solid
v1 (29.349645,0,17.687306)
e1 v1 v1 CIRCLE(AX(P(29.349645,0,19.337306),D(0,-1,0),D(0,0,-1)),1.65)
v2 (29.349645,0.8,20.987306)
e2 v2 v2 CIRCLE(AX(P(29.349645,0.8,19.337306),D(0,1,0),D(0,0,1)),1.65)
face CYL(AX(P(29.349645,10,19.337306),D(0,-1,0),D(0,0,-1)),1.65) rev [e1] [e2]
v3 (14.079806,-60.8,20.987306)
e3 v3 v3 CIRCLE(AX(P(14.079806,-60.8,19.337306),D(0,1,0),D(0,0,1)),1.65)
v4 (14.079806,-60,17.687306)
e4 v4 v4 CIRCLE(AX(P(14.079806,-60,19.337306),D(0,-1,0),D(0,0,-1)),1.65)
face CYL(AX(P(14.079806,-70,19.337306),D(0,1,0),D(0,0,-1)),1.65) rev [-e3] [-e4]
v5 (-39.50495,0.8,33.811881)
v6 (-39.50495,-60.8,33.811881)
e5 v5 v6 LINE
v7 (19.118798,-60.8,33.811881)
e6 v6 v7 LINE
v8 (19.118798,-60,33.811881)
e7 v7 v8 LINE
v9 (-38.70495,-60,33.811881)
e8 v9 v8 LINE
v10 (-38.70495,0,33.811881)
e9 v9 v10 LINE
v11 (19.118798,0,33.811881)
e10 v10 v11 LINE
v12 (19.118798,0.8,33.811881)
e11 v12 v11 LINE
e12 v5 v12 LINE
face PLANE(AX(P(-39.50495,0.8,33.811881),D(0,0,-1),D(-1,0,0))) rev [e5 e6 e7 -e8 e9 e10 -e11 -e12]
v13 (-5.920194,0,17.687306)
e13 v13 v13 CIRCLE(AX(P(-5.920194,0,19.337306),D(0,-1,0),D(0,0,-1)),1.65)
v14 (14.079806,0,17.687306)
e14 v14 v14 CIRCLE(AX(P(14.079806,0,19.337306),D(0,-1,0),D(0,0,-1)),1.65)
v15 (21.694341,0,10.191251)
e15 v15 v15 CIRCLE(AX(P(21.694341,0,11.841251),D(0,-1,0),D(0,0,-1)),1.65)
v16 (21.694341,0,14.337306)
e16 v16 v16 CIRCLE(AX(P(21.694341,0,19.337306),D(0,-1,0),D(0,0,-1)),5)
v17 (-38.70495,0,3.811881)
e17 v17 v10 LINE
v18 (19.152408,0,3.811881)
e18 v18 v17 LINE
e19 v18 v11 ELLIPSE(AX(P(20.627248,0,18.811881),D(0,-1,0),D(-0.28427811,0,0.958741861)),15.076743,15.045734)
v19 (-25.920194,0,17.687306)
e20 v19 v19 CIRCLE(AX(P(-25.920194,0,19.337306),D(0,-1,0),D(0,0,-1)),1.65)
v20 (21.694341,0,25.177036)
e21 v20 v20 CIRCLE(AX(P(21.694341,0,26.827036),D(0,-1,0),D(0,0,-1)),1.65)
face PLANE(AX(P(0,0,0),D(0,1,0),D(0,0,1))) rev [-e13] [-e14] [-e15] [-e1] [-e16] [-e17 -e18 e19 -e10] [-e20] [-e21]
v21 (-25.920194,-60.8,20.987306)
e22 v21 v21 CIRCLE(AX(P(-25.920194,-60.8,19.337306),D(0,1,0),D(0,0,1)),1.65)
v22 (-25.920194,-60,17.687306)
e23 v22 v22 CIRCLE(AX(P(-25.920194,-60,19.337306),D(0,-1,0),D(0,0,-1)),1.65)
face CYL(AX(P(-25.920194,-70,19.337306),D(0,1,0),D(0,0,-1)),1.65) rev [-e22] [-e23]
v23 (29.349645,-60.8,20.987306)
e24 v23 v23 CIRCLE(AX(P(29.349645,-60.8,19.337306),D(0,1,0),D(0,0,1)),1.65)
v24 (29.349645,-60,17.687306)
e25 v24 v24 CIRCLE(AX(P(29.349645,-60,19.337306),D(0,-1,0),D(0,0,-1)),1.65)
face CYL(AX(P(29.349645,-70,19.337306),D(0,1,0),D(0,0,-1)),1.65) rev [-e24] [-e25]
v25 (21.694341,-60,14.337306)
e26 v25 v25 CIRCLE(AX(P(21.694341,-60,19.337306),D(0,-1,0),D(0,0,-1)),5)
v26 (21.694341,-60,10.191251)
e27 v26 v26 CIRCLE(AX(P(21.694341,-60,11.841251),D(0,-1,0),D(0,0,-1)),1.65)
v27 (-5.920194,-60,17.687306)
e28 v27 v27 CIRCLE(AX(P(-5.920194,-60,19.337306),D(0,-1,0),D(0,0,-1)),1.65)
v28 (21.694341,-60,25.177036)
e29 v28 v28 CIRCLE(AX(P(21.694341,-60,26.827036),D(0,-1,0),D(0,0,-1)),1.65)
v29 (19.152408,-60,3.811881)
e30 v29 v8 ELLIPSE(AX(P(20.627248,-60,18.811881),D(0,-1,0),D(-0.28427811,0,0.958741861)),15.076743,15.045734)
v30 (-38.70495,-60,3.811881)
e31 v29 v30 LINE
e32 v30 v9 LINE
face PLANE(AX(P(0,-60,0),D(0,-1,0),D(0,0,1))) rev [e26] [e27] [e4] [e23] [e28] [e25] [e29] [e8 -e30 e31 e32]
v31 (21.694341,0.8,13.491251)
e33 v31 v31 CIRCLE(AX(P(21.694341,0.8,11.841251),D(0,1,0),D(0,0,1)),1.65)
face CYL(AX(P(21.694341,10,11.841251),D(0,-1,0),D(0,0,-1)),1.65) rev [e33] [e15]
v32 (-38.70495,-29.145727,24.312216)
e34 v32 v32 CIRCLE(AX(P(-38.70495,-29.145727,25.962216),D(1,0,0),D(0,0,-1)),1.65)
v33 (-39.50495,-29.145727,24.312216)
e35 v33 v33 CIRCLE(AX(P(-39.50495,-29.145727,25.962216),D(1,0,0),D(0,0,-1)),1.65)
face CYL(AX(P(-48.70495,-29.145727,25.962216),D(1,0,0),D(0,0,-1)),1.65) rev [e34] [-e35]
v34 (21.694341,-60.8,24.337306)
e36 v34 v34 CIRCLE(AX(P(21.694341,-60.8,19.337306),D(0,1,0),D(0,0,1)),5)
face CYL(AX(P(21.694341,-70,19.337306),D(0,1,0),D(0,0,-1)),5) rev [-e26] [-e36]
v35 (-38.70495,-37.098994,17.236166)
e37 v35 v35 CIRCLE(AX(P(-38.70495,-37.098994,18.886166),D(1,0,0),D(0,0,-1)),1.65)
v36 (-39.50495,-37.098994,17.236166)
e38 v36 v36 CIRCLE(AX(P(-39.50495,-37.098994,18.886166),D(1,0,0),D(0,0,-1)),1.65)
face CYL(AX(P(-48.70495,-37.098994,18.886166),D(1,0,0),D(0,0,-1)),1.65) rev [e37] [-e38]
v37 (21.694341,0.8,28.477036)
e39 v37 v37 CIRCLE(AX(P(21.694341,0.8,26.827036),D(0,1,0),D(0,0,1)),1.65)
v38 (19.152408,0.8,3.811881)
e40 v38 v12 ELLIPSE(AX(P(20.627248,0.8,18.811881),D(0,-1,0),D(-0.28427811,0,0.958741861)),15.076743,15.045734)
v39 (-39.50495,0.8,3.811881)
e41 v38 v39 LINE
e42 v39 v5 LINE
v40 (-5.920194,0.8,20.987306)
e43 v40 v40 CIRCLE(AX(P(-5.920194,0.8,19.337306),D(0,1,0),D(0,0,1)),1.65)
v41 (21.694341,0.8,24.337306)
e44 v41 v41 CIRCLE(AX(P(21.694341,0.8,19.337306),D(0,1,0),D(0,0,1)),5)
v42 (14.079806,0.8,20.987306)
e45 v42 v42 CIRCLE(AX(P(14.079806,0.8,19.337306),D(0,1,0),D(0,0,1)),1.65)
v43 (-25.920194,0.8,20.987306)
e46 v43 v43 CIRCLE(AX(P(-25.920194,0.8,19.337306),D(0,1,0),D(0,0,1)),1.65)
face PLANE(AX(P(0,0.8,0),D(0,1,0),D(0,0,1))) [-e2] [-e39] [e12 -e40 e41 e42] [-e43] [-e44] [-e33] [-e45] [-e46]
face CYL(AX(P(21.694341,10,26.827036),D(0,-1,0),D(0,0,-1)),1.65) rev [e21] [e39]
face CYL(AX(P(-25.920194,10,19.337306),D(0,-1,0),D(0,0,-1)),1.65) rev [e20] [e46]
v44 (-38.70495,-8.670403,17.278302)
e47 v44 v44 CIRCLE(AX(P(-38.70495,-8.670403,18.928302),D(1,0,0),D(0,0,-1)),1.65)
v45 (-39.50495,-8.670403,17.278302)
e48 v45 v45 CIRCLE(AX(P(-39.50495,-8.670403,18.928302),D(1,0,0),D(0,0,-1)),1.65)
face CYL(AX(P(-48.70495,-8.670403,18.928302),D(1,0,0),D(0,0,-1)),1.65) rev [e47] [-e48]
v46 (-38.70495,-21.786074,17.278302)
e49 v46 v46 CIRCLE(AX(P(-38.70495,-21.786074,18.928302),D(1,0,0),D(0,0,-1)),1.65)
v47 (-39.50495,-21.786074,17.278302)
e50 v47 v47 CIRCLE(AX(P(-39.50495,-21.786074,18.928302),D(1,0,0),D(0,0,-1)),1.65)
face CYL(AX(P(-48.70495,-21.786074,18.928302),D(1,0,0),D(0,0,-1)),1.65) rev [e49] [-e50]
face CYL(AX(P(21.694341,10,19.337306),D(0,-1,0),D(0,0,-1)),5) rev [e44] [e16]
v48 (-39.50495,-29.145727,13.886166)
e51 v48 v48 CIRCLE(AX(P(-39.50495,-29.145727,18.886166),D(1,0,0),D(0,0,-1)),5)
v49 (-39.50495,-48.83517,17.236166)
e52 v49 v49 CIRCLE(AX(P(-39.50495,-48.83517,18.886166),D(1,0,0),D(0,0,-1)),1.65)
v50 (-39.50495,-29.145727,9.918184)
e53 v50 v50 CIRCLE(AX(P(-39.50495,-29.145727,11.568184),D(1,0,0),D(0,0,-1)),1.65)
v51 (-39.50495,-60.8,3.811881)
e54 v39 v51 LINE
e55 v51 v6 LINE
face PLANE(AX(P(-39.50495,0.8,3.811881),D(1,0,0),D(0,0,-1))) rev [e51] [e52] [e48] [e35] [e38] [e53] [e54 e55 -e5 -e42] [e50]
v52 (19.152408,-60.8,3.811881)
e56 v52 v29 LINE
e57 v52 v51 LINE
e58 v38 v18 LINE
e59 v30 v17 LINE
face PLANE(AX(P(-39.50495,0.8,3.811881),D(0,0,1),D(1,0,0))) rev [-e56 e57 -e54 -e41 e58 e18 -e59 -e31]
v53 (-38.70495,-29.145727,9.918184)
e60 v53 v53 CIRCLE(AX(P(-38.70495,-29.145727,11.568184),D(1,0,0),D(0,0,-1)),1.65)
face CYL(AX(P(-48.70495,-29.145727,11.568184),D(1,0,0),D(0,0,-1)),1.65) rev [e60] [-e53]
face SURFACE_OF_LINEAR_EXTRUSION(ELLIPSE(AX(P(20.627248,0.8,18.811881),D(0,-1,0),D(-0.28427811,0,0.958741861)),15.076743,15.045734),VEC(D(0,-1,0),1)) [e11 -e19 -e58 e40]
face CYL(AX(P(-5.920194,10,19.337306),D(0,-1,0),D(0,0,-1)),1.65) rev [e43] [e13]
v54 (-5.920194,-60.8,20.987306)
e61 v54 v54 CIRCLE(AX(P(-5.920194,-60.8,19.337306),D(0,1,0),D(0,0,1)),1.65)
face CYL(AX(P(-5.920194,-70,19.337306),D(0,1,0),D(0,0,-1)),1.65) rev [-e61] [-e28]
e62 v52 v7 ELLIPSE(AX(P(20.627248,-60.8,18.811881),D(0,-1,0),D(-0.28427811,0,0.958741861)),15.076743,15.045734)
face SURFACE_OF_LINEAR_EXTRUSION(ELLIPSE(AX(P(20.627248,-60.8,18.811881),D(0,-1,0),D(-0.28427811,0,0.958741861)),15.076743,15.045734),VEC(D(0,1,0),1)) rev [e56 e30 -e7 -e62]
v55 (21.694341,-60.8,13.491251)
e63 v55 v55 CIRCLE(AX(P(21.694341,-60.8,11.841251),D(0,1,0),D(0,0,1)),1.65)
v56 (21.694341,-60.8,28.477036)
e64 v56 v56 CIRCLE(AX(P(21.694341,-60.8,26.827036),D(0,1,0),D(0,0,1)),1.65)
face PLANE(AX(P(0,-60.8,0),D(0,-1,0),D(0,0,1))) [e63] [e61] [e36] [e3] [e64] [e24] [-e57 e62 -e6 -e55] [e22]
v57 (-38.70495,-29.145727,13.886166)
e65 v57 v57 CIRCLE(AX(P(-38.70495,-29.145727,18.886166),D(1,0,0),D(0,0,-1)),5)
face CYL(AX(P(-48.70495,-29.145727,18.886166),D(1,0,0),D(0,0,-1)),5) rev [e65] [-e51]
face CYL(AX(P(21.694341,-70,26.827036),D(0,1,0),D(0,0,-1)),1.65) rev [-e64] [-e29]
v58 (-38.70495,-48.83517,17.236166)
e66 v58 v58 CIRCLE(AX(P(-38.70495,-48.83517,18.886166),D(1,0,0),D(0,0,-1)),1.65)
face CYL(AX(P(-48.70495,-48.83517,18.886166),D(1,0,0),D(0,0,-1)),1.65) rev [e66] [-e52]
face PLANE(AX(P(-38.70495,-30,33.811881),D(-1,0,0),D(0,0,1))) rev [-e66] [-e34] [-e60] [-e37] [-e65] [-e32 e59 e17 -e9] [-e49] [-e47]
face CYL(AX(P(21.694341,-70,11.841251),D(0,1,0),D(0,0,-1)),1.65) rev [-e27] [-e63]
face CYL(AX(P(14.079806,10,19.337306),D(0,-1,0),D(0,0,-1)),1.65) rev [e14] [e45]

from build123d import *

# Parameters (mm, degrees)
SKETCH1_W           = 60
SKETCH1_H           = 30
BOSS_EXTRUDE3_DEPTH = 0.8
SKETCH4_W           = 0.8
SKETCH4_H           = 30
BOSS_EXTRUDE5_DEPTH = 30
SKETCH5_RX          = 15.076743355
SKETCH5_RY          = 15.045734075
BOSS_EXTRUDE6_DEPTH = 0.8
SKETCH6_R           = 5
SKETCH6_R_2         = 1.65
CUT_EXTRUDE2_DEPTH  = 10
SKETCH7_R           = 5
SKETCH7_R_2         = 1.65
CUT_EXTRUDE3_DEPTH  = 10


with BuildPart() as part:
    # Sketch1 → Boss-Extrude3 (new body)
    with BuildSketch(Plane(origin=(0, 0, 0), x_dir=(1, 0, 0), z_dir=(0, 1, 0))):
        with Locations((-9.504950495, -18.811881188)):
            Rectangle(SKETCH1_W, SKETCH1_H)
    extrude(amount=BOSS_EXTRUDE3_DEPTH)

    # Sketch4 → Boss-Extrude5 (add)
    with BuildSketch(Plane(origin=(0, 0, 0), x_dir=(-1, 0, 0), z_dir=(0, -1, 0))):
        with Locations((39.104950495, -18.811881188)):
            Rectangle(SKETCH4_W, SKETCH4_H)
    extrude(amount=BOSS_EXTRUDE5_DEPTH)

    # Sketch5 → Boss-Extrude6 (add)
    with BuildSketch(Plane(origin=(0, 0, 0), x_dir=(-1, 0, 0), z_dir=(0, -1, 0))):
        with Locations(Location((-20.627248494, -18.811881188), (0, 0, -73.484297411))):
            Ellipse(SKETCH5_RX, SKETCH5_RY)
    extrude(amount=-BOSS_EXTRUDE6_DEPTH)

    # Sketch6 → Cut-Extrude2 (cut)
    with BuildSketch(Plane(origin=(0, 0, 0), x_dir=(-1, 0, 0), z_dir=(0, -1, 0))):
        with Locations(Location((-21.694340642, -19.337305604, 0), (0, 0, 90))):
            Circle(SKETCH6_R)
        with Locations(Location((-21.694340642, -26.827036376, 0), (0, 0, 90))):
            Circle(SKETCH6_R_2)
        with Locations(Location((-29.349644864, -19.337305604, 0), (0, 0, 90))):
            Circle(SKETCH6_R_2)
        with Locations(Location((-21.694340642, -11.841250602, 0), (0, 0, 90))):
            Circle(SKETCH6_R_2)
        with Locations(Location((-14.079805527, -19.337305604, 0), (0, 0, 90))):
            Circle(SKETCH6_R_2)
        with Locations(Location((5.920194473, -19.337305604, 0), (0, 0, 90))):
            Circle(SKETCH6_R_2)
        with Locations(Location((25.920194473, -19.337305604, 0), (0, 0, 90))):
            Circle(SKETCH6_R_2)
        with Locations((-30.261708207, -582.328950324)):
            Circle(SKETCH6_R)
        with Locations((-37.91701243, -582.328950324)):
            Circle(SKETCH6_R_2)
        with Locations((-30.261708207, -574.832895322)):
            Circle(SKETCH6_R_2)
        with Locations((-22.647173092, -582.328950324)):
            Circle(SKETCH6_R_2)
        with Locations((-2.647173092, -582.328950324)):
            Circle(SKETCH6_R_2)
        with Locations((17.352826908, -582.328950324)):
            Circle(SKETCH6_R_2)
    extrude(amount=-CUT_EXTRUDE2_DEPTH, mode=Mode.SUBTRACT)

    # Mirror1: part across plane


with BuildPart() as part_1:
    add(part.part)
    add(part.part.mirror(Plane(origin=(0, -30, 0), x_dir=(0, 0, 1), z_dir=(0, -1, 0))))

    # Sketch7 → Cut-Extrude3 (cut)
    with BuildSketch(Plane(origin=(-38.704950495, 0, 0), x_dir=(0, 0, -1), z_dir=(1, 0, 0))):
        with Locations((-18.886165754, -29.145727498)):
            Circle(SKETCH7_R)
        with Locations((-18.928301582, -21.786074369)):
            Circle(SKETCH7_R_2)
        with Locations((-11.568184027, -29.145727498)):
            Circle(SKETCH7_R_2)
        with Locations((-18.886165754, -37.098993576)):
            Circle(SKETCH7_R_2)
        with Locations((-25.962216175, -29.145727498)):
            Circle(SKETCH7_R_2)
        with Locations((-18.928301582, -8.670402783)):
            Circle(SKETCH7_R_2)
        with Locations((-18.886165754, -48.835170272)):
            Circle(SKETCH7_R_2)
    extrude(amount=-CUT_EXTRUDE3_DEPTH, mode=Mode.SUBTRACT)


solid = part_1.part
